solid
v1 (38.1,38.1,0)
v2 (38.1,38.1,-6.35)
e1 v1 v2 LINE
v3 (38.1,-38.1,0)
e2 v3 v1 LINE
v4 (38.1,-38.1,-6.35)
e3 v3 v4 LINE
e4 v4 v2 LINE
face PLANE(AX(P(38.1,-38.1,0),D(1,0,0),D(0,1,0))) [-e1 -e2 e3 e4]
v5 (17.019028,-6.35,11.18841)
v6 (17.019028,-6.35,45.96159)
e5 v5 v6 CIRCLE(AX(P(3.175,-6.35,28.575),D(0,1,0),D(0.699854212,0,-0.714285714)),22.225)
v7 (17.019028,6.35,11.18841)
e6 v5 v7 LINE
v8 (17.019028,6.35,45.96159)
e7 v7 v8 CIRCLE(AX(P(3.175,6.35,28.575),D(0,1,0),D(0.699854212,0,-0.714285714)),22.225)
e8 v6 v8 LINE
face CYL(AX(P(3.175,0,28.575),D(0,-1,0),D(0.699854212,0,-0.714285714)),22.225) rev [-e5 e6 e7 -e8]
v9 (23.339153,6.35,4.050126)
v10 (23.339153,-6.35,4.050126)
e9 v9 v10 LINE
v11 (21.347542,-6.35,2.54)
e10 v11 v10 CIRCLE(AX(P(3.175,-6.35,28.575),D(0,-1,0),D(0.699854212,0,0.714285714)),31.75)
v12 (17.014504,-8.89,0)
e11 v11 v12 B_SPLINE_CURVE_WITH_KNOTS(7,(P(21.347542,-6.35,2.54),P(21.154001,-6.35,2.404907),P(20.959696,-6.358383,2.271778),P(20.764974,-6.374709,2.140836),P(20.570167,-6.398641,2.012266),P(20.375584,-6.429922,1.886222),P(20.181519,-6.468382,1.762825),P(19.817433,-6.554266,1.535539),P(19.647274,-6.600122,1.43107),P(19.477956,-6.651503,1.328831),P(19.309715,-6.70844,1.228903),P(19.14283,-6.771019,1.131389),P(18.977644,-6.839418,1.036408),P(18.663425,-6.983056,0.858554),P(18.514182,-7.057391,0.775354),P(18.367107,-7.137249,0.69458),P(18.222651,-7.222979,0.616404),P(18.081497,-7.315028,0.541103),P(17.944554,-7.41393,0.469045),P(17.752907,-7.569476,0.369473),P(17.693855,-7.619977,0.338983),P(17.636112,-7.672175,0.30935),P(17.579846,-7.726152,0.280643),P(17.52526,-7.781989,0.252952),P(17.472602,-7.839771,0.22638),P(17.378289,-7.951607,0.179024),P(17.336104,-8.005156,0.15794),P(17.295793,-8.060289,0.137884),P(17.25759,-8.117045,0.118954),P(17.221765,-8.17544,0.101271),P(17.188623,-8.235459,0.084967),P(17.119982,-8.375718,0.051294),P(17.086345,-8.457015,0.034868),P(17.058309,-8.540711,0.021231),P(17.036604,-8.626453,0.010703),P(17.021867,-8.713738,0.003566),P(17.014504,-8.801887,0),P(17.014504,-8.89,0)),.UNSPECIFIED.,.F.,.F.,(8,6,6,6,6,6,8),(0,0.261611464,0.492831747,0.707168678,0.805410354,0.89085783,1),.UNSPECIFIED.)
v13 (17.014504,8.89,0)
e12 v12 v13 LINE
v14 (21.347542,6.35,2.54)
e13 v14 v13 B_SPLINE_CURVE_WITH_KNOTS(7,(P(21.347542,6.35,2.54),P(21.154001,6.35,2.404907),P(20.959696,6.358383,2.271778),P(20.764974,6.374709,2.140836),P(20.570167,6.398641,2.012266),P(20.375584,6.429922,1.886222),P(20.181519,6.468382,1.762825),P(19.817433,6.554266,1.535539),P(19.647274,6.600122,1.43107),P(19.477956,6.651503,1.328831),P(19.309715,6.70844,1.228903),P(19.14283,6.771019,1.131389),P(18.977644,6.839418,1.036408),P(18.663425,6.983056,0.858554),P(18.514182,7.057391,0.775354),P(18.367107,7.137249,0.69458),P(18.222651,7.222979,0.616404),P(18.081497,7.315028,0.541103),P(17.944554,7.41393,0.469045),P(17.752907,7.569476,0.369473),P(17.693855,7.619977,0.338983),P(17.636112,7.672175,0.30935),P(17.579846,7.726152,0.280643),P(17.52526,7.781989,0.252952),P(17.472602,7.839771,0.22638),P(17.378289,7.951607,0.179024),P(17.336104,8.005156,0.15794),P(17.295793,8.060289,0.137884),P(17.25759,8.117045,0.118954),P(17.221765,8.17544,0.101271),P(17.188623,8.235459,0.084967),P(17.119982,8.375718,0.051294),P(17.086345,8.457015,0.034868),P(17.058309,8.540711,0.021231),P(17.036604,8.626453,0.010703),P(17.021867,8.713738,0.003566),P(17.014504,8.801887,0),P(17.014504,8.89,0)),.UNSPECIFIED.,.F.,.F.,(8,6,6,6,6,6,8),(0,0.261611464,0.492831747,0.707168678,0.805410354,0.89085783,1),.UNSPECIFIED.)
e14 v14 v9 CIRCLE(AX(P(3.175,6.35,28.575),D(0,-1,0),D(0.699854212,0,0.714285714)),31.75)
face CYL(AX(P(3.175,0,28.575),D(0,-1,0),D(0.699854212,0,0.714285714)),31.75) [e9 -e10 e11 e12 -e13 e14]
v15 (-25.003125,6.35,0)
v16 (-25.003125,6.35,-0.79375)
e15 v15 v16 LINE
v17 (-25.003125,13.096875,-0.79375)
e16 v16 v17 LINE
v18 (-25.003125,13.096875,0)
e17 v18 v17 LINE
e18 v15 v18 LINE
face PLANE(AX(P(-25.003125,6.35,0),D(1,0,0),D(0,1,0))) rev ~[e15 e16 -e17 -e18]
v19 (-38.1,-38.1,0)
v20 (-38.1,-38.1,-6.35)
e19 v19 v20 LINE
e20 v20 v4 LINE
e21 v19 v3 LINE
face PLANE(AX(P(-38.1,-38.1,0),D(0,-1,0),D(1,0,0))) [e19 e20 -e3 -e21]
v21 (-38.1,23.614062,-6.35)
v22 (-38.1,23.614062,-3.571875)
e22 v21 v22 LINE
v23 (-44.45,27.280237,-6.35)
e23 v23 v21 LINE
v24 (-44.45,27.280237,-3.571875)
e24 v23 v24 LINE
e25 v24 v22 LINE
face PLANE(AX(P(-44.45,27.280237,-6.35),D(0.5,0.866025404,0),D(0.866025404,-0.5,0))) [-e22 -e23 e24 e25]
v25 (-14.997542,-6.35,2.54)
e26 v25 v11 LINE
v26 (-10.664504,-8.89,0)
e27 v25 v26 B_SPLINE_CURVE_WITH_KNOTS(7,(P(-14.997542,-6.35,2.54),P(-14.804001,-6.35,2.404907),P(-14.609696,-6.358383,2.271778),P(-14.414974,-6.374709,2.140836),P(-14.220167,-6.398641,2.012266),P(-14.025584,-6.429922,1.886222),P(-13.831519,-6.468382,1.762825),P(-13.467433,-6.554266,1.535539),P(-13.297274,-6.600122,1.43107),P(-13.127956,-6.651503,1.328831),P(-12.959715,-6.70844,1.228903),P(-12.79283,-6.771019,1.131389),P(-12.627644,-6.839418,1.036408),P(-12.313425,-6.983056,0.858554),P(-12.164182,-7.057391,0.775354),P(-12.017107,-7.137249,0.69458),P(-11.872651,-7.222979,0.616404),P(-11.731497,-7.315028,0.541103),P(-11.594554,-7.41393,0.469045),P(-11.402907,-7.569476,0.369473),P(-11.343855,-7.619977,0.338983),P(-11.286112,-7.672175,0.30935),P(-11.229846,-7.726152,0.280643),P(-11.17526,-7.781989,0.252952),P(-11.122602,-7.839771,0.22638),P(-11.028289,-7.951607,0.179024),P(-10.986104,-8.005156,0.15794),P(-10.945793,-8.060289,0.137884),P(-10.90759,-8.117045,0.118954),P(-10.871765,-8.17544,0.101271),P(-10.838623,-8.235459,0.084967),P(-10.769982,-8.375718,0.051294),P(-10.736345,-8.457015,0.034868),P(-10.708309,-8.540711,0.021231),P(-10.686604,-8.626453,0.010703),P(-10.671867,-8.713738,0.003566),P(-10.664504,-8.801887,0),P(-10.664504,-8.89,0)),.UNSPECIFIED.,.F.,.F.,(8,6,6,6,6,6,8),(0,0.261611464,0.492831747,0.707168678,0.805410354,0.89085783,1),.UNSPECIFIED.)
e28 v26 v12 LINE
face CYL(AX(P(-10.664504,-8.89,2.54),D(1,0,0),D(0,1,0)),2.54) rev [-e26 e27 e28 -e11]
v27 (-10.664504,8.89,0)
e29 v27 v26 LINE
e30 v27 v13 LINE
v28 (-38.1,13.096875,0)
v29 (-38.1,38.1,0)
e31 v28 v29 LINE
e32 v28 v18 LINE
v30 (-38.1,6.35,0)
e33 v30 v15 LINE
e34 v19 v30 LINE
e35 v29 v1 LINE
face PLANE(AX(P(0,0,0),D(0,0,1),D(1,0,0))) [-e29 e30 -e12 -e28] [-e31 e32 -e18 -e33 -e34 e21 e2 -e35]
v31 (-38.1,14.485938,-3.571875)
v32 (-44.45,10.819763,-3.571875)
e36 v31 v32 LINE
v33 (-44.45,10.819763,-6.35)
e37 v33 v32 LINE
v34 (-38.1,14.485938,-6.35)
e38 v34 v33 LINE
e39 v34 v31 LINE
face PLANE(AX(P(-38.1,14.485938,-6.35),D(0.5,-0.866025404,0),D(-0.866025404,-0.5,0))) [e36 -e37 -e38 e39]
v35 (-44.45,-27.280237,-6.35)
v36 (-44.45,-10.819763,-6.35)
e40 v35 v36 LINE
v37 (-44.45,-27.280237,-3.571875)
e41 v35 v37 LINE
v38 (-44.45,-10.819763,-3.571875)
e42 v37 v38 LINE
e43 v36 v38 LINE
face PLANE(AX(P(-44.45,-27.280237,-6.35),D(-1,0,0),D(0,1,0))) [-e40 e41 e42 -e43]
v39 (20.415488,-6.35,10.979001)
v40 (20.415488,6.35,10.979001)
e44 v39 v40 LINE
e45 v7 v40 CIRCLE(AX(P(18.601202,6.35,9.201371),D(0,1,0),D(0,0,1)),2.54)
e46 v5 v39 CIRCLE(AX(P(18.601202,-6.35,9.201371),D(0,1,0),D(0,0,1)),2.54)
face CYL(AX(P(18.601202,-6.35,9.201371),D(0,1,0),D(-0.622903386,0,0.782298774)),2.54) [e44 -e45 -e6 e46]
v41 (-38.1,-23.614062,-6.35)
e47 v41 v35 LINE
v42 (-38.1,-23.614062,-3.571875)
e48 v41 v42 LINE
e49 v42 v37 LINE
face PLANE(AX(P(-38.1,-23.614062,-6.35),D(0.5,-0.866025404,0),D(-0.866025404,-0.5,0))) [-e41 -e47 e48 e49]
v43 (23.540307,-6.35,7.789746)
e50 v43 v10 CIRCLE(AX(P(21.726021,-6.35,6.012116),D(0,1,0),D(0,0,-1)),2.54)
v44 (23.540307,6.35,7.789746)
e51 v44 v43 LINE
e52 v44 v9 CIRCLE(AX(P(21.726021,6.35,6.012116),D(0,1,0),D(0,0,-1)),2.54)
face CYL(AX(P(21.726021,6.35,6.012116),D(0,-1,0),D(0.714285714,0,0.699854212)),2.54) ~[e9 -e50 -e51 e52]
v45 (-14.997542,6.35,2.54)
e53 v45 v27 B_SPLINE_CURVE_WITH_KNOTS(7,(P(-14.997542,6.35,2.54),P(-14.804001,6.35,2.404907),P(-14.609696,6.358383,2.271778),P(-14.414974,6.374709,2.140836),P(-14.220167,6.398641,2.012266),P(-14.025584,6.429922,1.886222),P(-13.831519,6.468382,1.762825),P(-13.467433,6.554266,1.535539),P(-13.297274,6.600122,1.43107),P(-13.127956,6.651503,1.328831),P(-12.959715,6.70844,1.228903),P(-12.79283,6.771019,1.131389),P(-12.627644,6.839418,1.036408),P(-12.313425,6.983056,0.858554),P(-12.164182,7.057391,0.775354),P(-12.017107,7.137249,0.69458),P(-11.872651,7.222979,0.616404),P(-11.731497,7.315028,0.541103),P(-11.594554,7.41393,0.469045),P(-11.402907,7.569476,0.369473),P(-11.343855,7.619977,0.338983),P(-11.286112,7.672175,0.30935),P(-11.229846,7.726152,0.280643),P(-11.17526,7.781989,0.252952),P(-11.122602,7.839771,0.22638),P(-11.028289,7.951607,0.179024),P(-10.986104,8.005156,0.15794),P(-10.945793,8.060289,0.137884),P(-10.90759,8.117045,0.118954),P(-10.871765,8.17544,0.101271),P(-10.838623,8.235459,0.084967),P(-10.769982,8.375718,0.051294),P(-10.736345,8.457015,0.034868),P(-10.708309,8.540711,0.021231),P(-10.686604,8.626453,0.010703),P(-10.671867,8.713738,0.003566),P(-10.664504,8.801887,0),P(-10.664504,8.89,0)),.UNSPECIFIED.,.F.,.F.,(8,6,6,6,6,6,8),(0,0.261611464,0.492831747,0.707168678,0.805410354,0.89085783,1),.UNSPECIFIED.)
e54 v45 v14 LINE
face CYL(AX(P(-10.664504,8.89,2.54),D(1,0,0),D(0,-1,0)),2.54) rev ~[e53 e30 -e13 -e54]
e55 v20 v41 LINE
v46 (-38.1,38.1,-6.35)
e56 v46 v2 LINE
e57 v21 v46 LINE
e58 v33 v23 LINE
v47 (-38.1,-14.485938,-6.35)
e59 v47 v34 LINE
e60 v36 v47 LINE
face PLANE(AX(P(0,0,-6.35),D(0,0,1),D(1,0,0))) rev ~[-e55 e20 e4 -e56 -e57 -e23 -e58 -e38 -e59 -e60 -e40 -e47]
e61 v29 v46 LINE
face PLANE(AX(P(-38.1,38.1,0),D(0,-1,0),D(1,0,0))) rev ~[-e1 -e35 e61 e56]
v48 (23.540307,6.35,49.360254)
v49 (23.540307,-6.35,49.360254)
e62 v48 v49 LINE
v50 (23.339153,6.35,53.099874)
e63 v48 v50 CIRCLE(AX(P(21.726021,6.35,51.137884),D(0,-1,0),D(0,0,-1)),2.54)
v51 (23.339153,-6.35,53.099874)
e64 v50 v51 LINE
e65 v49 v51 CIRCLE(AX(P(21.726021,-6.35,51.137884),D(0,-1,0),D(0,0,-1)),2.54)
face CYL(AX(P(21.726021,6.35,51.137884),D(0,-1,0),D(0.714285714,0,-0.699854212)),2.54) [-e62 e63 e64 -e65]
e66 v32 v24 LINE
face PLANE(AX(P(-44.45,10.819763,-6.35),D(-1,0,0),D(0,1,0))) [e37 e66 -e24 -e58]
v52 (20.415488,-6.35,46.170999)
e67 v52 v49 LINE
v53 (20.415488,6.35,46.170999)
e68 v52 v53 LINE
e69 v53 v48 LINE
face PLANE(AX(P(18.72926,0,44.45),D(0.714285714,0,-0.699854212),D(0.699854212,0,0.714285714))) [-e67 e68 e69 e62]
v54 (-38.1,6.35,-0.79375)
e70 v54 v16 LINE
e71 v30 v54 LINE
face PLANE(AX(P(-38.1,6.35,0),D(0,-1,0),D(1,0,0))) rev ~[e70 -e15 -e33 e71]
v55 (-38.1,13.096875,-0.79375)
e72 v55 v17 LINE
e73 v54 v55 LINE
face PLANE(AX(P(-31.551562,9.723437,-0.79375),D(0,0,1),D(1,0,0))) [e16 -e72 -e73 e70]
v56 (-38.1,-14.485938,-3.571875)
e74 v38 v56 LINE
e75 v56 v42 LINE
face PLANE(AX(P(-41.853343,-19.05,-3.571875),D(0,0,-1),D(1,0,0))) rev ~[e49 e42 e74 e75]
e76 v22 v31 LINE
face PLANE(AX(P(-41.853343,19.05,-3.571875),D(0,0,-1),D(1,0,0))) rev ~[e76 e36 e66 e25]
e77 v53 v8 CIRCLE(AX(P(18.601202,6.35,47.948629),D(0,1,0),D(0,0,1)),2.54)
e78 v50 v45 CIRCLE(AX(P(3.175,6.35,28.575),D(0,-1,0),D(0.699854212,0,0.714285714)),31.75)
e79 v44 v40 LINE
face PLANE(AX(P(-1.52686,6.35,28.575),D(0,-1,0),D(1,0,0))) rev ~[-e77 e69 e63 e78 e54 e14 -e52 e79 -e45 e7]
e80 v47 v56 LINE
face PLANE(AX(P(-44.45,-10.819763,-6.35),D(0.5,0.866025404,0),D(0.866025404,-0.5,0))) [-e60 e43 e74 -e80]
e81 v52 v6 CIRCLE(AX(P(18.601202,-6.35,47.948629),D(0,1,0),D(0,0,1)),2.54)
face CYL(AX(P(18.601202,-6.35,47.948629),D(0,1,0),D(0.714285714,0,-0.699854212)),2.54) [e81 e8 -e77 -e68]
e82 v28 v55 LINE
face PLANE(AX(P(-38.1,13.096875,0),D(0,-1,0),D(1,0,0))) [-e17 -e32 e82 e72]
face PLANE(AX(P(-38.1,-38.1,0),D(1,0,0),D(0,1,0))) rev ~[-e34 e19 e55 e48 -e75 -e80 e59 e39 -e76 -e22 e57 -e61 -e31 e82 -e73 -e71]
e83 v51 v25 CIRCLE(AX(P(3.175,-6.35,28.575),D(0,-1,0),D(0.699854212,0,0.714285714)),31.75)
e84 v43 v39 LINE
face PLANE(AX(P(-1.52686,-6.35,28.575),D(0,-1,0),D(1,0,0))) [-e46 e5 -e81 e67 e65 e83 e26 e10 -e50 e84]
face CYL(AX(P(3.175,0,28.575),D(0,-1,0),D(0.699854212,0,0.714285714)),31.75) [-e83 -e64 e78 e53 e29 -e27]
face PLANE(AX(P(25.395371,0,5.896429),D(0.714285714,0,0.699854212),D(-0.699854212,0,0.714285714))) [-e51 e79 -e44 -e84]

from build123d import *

# Parameters (mm, degrees)
F0_W     = 76.2
F0_H     = 76.2
F2_DEPTH = 6.35
F3_DEPTH = 6.35
F4_R     = 2.54
F6_DEPTH = 2.778125
F7_W     = 13.096875
F7_H     = 6.746875
F8_DEPTH = 0.79375


with BuildPart() as f2:
    # F0 (on Top) → F2 (new body)
    with BuildSketch(Plane.XY):
        Rectangle(F0_W, F0_H)
    extrude(amount=-F2_DEPTH)

    # F1 (on Front) → F3 (join, symmetric)
    with BuildSketch(Plane.XZ):
        with BuildLine():
            Line((18.7292598667, 44.45), (25.3953712381, 51.2535714286))
            ThreePointArc((25.3953712381, 51.2535714286), (-28.575, 28.575), (25.3953712381, 5.8964285714))
            Line((25.3953712381, 5.8964285714), (18.7292598667, 12.7))
            ThreePointArc((18.7292598667, 12.7), (-19.05, 28.575), (18.7292598667, 44.45))
        make_face()
    extrude(amount=F3_DEPTH, both=True)

    # F4
    f4_edges = [f2.edges().sort_by_distance(p)[0] for p in [
        (25.395371, 0, 51.253571),
        (18.72926, 0, 44.45),
        (18.72926, 0, 12.7),
        (25.395371, 0, 5.896429),
        (3.175, -6.35, 0),
        (3.175, 6.35, 0),
    ]]
    fillet(f4_edges, radius=F4_R)

    # F5 (on face) → F6 (join)
    with BuildSketch(Plane(origin=(0, 0, -6.35), x_dir=(1, 0, 0), z_dir=(0, 0, -1))):
        Polygon((-38.1, 14.4859375), (-38.1, 23.6140625), (-44.45, 27.2802367094), (-44.45, 10.8197632906), align=None)
        Polygon((-38.1, -23.6140625), (-38.1, -14.4859375), (-44.45, -10.8197632906), (-44.45, -27.2802367094), align=None)
    extrude(amount=-F6_DEPTH)

    # F7 (on face) → F8 (cut)
    with BuildSketch(Plane.XY):
        with Locations((-31.5515625, 9.7234375)):
            Rectangle(F7_W, F7_H)
    extrude(amount=-F8_DEPTH, mode=Mode.SUBTRACT)


solid = f2.part
